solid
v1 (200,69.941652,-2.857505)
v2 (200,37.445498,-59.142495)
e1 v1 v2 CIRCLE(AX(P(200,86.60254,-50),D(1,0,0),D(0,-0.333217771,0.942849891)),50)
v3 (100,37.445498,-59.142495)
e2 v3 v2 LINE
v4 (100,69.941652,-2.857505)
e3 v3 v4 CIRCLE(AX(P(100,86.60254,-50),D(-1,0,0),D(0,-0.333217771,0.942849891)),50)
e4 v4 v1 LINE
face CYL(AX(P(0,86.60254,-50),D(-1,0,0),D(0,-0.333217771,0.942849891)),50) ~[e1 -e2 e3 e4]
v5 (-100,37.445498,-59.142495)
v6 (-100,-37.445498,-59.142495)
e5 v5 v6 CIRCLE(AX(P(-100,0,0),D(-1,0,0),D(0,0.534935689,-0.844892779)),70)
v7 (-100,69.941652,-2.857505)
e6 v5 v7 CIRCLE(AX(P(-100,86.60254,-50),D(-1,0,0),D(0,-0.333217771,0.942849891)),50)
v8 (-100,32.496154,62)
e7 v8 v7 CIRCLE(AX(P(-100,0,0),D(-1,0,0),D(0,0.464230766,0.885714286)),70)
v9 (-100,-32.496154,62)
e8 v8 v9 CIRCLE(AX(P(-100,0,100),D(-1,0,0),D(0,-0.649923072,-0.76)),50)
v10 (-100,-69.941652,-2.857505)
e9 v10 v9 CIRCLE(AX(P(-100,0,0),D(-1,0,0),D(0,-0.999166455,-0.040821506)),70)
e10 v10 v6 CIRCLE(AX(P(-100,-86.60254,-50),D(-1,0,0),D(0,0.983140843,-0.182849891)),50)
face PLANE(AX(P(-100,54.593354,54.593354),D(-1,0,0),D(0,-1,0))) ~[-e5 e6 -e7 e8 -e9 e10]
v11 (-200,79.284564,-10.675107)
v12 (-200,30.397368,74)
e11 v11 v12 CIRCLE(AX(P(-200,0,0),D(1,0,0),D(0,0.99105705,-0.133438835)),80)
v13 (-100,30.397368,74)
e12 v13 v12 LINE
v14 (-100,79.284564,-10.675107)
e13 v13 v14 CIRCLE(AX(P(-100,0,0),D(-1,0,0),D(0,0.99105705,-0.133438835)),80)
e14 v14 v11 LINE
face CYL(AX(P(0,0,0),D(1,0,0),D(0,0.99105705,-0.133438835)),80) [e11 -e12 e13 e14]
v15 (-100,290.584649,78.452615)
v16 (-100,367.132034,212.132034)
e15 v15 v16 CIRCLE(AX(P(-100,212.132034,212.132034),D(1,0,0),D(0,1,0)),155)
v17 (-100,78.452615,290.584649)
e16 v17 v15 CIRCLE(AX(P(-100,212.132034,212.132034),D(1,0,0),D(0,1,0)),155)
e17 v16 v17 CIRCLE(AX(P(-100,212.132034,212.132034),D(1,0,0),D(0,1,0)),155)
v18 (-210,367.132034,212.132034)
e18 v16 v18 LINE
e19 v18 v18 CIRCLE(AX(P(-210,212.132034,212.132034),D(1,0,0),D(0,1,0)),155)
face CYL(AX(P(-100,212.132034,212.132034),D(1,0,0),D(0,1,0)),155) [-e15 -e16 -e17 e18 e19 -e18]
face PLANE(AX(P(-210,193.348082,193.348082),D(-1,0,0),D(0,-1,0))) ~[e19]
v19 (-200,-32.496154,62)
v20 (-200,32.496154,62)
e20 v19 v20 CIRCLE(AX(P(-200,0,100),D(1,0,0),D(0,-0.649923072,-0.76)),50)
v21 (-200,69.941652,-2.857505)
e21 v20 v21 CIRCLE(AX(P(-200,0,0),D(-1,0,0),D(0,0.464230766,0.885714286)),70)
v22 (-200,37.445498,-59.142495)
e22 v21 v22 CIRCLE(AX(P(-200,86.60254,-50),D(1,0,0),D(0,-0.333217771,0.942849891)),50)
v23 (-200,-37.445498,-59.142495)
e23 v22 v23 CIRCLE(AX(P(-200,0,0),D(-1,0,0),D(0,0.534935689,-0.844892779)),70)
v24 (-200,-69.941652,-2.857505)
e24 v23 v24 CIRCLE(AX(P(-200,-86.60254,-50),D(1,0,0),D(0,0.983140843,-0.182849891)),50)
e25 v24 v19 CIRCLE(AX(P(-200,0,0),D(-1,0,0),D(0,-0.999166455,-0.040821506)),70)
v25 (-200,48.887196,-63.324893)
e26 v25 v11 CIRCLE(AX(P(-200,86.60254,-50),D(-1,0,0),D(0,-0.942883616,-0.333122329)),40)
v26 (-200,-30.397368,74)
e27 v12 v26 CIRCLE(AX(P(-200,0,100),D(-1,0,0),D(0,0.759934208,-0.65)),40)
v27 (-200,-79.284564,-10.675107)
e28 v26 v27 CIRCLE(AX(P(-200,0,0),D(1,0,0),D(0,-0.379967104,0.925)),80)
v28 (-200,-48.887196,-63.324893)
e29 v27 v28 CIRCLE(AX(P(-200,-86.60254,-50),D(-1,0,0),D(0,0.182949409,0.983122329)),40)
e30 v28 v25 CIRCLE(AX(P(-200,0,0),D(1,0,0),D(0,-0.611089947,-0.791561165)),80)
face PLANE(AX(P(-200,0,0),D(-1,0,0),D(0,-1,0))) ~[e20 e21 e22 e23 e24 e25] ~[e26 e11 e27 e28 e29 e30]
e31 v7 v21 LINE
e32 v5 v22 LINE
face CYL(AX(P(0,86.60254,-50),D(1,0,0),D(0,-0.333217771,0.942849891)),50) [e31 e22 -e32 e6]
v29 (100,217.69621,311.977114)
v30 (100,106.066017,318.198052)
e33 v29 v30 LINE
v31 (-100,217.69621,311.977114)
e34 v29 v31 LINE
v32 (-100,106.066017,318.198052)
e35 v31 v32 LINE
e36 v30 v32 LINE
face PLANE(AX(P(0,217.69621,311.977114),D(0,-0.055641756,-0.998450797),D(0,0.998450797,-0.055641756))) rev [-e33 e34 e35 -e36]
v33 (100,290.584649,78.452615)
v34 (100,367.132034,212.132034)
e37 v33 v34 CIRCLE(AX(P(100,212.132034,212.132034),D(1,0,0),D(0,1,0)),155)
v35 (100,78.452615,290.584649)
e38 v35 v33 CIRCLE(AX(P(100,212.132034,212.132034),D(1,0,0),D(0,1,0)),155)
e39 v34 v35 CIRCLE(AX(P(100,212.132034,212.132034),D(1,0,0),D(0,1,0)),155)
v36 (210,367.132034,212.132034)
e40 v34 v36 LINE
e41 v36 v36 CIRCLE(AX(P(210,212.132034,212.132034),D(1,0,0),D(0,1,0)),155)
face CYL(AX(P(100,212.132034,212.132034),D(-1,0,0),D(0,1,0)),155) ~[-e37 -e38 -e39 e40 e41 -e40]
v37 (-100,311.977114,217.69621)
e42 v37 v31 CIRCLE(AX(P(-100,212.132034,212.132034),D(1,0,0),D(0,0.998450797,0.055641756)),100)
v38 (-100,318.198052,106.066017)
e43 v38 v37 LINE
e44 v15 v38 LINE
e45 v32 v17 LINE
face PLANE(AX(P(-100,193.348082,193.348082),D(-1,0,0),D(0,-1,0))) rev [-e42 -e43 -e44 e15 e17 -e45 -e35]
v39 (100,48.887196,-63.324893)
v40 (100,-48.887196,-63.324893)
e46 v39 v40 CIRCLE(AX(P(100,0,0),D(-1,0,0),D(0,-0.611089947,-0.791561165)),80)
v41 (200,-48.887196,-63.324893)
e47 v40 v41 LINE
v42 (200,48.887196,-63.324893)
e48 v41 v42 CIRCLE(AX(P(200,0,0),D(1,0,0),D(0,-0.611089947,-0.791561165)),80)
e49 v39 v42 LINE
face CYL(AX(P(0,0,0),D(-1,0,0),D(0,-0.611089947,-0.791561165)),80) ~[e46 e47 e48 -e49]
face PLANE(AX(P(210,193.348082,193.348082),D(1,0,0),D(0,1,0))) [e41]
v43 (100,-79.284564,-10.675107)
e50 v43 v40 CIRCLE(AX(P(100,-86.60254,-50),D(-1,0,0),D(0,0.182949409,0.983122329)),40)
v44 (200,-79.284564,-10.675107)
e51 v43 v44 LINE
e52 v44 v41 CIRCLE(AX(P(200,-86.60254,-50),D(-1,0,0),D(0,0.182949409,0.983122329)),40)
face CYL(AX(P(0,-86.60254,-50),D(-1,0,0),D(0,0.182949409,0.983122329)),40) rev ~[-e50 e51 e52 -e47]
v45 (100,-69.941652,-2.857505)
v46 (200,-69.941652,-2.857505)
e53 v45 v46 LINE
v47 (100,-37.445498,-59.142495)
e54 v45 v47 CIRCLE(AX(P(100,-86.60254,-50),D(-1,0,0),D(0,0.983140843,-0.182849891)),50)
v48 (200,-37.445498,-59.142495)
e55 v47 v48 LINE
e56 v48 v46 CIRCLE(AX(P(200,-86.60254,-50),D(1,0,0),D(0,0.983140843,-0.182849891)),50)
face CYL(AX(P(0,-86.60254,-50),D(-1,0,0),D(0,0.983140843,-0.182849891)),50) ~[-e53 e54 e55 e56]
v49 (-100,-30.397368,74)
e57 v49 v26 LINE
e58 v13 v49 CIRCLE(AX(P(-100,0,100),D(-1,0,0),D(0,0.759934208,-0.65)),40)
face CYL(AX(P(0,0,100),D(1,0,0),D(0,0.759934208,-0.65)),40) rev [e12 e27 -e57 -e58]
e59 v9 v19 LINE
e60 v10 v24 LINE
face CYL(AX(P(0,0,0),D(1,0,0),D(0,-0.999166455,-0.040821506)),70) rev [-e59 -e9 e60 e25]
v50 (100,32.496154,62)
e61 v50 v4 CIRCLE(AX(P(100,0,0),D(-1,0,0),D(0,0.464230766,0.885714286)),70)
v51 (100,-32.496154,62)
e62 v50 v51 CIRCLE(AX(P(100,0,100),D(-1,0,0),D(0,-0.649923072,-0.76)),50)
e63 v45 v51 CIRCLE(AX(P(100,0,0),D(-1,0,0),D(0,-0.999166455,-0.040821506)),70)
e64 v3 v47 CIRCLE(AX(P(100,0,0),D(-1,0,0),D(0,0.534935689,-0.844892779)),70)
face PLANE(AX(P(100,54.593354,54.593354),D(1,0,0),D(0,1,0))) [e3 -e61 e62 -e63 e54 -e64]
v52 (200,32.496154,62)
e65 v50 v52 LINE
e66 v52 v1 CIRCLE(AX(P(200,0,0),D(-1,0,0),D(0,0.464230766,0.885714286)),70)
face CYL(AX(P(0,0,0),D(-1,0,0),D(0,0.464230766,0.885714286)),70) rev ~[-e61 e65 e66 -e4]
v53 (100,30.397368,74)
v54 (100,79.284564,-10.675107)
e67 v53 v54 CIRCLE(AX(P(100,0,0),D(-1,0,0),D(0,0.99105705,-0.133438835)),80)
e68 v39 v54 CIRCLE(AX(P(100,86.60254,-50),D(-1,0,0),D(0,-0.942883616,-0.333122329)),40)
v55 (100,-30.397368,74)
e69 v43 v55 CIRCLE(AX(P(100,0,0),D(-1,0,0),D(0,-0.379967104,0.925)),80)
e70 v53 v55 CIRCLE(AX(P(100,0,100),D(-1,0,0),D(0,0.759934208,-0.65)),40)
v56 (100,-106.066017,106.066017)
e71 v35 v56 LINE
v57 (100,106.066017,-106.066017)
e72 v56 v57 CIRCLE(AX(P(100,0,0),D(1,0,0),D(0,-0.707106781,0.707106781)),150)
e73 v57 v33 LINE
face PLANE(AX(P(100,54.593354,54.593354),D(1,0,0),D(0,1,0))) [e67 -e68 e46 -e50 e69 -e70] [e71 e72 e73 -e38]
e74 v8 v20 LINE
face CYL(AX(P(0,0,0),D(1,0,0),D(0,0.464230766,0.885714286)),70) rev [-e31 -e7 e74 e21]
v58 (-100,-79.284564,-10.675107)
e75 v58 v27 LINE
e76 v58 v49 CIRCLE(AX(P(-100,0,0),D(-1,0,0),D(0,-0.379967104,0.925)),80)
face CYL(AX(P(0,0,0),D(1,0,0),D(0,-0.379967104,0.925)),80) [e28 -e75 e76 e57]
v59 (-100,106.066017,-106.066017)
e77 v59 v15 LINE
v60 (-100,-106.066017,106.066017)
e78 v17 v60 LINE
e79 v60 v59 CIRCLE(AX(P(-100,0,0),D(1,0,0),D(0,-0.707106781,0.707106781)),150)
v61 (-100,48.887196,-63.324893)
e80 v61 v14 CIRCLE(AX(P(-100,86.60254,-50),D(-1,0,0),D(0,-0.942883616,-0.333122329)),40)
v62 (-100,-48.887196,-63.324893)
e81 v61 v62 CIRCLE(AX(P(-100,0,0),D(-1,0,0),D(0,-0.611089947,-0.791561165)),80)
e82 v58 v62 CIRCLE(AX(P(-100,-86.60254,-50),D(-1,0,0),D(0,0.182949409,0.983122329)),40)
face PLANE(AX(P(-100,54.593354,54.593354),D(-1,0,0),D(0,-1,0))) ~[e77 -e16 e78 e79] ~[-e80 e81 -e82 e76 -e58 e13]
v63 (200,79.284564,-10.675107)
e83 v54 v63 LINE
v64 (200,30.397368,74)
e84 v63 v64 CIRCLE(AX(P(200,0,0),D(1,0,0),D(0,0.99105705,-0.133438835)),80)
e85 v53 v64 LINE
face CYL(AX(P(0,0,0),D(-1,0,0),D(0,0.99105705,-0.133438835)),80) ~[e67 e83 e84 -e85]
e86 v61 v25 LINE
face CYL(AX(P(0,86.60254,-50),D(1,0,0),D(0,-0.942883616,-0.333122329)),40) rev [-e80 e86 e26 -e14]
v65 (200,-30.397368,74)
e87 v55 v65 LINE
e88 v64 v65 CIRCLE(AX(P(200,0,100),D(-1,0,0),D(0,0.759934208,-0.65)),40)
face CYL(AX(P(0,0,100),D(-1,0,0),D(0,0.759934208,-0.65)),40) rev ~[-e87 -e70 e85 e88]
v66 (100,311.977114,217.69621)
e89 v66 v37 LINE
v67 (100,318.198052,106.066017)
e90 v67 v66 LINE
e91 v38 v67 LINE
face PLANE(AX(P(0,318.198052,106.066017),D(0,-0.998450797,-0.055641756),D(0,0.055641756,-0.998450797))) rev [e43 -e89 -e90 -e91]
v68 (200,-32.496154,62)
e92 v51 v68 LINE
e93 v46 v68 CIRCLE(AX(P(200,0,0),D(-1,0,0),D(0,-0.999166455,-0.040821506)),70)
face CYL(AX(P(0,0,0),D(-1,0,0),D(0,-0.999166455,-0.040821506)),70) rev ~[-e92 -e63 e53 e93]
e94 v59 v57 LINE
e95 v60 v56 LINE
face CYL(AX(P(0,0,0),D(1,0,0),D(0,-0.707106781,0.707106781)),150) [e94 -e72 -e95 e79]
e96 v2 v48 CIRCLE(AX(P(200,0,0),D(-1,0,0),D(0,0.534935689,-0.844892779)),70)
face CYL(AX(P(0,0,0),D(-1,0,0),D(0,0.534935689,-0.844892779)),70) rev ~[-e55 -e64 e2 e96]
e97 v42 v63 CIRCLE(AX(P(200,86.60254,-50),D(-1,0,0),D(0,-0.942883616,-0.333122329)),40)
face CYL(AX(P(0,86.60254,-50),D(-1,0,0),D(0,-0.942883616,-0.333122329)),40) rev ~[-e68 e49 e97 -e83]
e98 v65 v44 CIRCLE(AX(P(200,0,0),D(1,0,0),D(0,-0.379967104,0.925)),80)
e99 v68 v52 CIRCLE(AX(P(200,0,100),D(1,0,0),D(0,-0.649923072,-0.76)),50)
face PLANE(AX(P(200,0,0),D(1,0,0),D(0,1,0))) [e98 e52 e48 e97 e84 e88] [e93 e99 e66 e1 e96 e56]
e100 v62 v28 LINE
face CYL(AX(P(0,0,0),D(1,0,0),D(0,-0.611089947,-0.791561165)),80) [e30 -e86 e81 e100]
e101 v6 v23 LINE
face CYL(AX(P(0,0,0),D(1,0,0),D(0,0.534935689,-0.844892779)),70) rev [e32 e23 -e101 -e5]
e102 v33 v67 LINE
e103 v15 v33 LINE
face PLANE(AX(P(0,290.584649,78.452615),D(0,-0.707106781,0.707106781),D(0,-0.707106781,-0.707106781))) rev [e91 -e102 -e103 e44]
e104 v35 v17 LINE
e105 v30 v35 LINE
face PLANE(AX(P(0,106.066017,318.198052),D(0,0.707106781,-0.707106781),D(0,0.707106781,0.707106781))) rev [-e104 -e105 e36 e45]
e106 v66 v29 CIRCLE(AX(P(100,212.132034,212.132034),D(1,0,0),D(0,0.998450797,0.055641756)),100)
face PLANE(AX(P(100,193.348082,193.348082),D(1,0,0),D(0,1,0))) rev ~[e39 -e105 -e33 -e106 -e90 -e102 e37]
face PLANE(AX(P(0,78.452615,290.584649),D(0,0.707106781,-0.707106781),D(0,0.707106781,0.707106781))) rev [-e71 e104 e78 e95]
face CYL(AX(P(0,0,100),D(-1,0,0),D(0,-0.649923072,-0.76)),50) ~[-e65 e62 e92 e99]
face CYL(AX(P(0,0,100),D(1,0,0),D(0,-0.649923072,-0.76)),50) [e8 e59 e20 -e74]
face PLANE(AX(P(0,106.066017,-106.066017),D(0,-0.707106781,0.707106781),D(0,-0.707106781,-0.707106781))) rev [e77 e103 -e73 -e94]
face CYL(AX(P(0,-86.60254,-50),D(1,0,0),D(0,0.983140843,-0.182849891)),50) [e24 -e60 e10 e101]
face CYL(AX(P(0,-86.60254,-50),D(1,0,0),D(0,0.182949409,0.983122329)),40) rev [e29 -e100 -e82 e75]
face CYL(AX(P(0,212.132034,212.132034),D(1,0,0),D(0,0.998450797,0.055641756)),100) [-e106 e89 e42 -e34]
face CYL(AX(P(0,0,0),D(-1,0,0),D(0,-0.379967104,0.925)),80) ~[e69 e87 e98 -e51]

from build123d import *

# Parameters (mm, degrees)
F1_DEPTH = 100
F2_START = 100
F2_DEPTH = 110
F3_DEPTH = 200


with BuildPart() as f1:
    # F0 (on Right) → F1 (new body)
    with BuildSketch(Plane.YZ):
        with BuildLine():
            Line((78.452614635, 290.584648991), (-106.066017178, 106.066017178))
            ThreePointArc((-106.066017178, 106.066017178), (-106.066017178, -106.066017178), (106.066017178, -106.066017178))
            Line((106.066017178, -106.066017178), (290.584648991, 78.452614635))
            ThreePointArc((290.584648991, 78.452614635), (102.530483272, 102.530483272), (78.452614635, 290.584648991))
        make_face()
        with BuildLine():
            ThreePointArc((-79.2845640336, -10.6751068378), (-69.2820323028, 40), (-30.3973683071, 74))
            ThreePointArc((-30.3973683071, 74), (0, 60), (30.3973683071, 74))
            ThreePointArc((30.3973683071, 74), (69.2820323028, 40), (79.2845640336, -10.6751068378))
            ThreePointArc((79.2845640336, -10.6751068378), (51.9615242271, -30), (48.8871957265, -63.3248931622))
            ThreePointArc((48.8871957265, -63.3248931622), (0, -80), (-48.8871957265, -63.3248931622))
            ThreePointArc((-48.8871957265, -63.3248931622), (-51.9615242271, -30), (-79.2845640336, -10.6751068378))
        make_face(mode=Mode.SUBTRACT)
        with BuildLine():
            Line((106.066017178, 318.1980515339), (78.452614635, 290.584648991))
            ThreePointArc((78.452614635, 290.584648991), (102.530483272, 102.530483272), (290.584648991, 78.452614635))
            Line((290.584648991, 78.452614635), (318.1980515339, 106.066017178))
            Line((318.1980515339, 106.066017178), (311.9771141045, 217.6962099463))
            ThreePointArc((311.9771141045, 217.6962099463), (282.8427124746, 282.8427124746), (217.6962099463, 311.9771141045))
            Line((217.6962099463, 311.9771141045), (106.066017178, 318.1980515339))
        make_face()
        with BuildLine():
            ThreePointArc((30.3973683071, 74), (0, 60), (-30.3973683071, 74))
            ThreePointArc((-30.3973683071, 74), (-69.2820323028, 40), (-79.2845640336, -10.6751068378))
            ThreePointArc((-79.2845640336, -10.6751068378), (-51.9615242271, -30), (-48.8871957265, -63.3248931622))
            ThreePointArc((-48.8871957265, -63.3248931622), (0, -80), (48.8871957265, -63.3248931622))
            ThreePointArc((48.8871957265, -63.3248931622), (51.9615242271, -30), (79.2845640336, -10.6751068378))
            ThreePointArc((79.2845640336, -10.6751068378), (69.2820323028, 40), (30.3973683071, 74))
        make_face()
        with BuildLine():
            ThreePointArc((-69.9416518439, -2.8575054411), (-60.6217782649, 35), (-32.4961536185, 62))
            ThreePointArc((-32.4961536185, 62), (0, 50), (32.4961536185, 62))
            ThreePointArc((32.4961536185, 62), (60.6217782649, 35), (69.9416518439, -2.8575054411))
            ThreePointArc((69.9416518439, -2.8575054411), (43.3012701892, -25), (37.4454982254, -59.1424945589))
            ThreePointArc((37.4454982254, -59.1424945589), (0, -70), (-37.4454982254, -59.1424945589))
            ThreePointArc((-37.4454982254, -59.1424945589), (-43.3012701892, -25), (-69.9416518439, -2.8575054411))
        make_face(mode=Mode.SUBTRACT)
        with BuildLine():
            ThreePointArc((32.4961536185, 62), (0, 50), (-32.4961536185, 62))
            ThreePointArc((-32.4961536185, 62), (-60.6217782649, 35), (-69.9416518439, -2.8575054411))
            ThreePointArc((-69.9416518439, -2.8575054411), (-43.3012701892, -25), (-37.4454982254, -59.1424945589))
            ThreePointArc((-37.4454982254, -59.1424945589), (0, -70), (37.4454982254, -59.1424945589))
            ThreePointArc((37.4454982254, -59.1424945589), (43.3012701892, -25), (69.9416518439, -2.8575054411))
            ThreePointArc((69.9416518439, -2.8575054411), (60.6217782649, 35), (32.4961536185, 62))
        make_face()
    extrude(amount=F1_DEPTH)

    # F0 (on Right) → F2 (join)
    with BuildSketch(Plane.YZ.offset(F2_START)):
        with BuildLine():
            Line((106.066017178, 318.1980515339), (78.452614635, 290.584648991))
            ThreePointArc((78.452614635, 290.584648991), (102.530483272, 102.530483272), (290.584648991, 78.452614635))
            Line((290.584648991, 78.452614635), (318.1980515339, 106.066017178))
            Line((318.1980515339, 106.066017178), (311.9771141045, 217.6962099463))
            ThreePointArc((311.9771141045, 217.6962099463), (282.8427124746, 282.8427124746), (217.6962099463, 311.9771141045))
            Line((217.6962099463, 311.9771141045), (106.066017178, 318.1980515339))
        make_face()
        with BuildLine():
            ThreePointArc((367.132034356, 212.132034356), (252.7810807362, 361.7069487914), (78.452614635, 290.584648991))
            Line((78.452614635, 290.584648991), (106.066017178, 318.1980515339))
            Line((106.066017178, 318.1980515339), (217.6962099463, 311.9771141045))
            ThreePointArc((217.6962099463, 311.9771141045), (282.8427124746, 282.8427124746), (311.9771141045, 217.6962099463))
            Line((311.9771141045, 217.6962099463), (318.1980515339, 106.066017178))
            Line((318.1980515339, 106.066017178), (290.584648991, 78.452614635))
            ThreePointArc((290.584648991, 78.452614635), (346.6406869929, 135.1098144075), (367.132034356, 212.132034356))
        make_face()
    extrude(amount=F2_DEPTH)

    # F0 (on Right) → F3 (join)
    with BuildSketch(Plane.YZ):
        with BuildLine():
            ThreePointArc((30.3973683071, 74), (0, 60), (-30.3973683071, 74))
            ThreePointArc((-30.3973683071, 74), (-69.2820323028, 40), (-79.2845640336, -10.6751068378))
            ThreePointArc((-79.2845640336, -10.6751068378), (-51.9615242271, -30), (-48.8871957265, -63.3248931622))
            ThreePointArc((-48.8871957265, -63.3248931622), (0, -80), (48.8871957265, -63.3248931622))
            ThreePointArc((48.8871957265, -63.3248931622), (51.9615242271, -30), (79.2845640336, -10.6751068378))
            ThreePointArc((79.2845640336, -10.6751068378), (69.2820323028, 40), (30.3973683071, 74))
        make_face()
        with BuildLine():
            ThreePointArc((-69.9416518439, -2.8575054411), (-60.6217782649, 35), (-32.4961536185, 62))
            ThreePointArc((-32.4961536185, 62), (0, 50), (32.4961536185, 62))
            ThreePointArc((32.4961536185, 62), (60.6217782649, 35), (69.9416518439, -2.8575054411))
            ThreePointArc((69.9416518439, -2.8575054411), (43.3012701892, -25), (37.4454982254, -59.1424945589))
            ThreePointArc((37.4454982254, -59.1424945589), (0, -70), (-37.4454982254, -59.1424945589))
            ThreePointArc((-37.4454982254, -59.1424945589), (-43.3012701892, -25), (-69.9416518439, -2.8575054411))
        make_face(mode=Mode.SUBTRACT)
    extrude(amount=F3_DEPTH)

    # F4: F1 across face


with BuildPart() as f1_1:
    add(f1.part)
    add(f1.part.mirror(Plane.YZ))


solid = f1_1.part
